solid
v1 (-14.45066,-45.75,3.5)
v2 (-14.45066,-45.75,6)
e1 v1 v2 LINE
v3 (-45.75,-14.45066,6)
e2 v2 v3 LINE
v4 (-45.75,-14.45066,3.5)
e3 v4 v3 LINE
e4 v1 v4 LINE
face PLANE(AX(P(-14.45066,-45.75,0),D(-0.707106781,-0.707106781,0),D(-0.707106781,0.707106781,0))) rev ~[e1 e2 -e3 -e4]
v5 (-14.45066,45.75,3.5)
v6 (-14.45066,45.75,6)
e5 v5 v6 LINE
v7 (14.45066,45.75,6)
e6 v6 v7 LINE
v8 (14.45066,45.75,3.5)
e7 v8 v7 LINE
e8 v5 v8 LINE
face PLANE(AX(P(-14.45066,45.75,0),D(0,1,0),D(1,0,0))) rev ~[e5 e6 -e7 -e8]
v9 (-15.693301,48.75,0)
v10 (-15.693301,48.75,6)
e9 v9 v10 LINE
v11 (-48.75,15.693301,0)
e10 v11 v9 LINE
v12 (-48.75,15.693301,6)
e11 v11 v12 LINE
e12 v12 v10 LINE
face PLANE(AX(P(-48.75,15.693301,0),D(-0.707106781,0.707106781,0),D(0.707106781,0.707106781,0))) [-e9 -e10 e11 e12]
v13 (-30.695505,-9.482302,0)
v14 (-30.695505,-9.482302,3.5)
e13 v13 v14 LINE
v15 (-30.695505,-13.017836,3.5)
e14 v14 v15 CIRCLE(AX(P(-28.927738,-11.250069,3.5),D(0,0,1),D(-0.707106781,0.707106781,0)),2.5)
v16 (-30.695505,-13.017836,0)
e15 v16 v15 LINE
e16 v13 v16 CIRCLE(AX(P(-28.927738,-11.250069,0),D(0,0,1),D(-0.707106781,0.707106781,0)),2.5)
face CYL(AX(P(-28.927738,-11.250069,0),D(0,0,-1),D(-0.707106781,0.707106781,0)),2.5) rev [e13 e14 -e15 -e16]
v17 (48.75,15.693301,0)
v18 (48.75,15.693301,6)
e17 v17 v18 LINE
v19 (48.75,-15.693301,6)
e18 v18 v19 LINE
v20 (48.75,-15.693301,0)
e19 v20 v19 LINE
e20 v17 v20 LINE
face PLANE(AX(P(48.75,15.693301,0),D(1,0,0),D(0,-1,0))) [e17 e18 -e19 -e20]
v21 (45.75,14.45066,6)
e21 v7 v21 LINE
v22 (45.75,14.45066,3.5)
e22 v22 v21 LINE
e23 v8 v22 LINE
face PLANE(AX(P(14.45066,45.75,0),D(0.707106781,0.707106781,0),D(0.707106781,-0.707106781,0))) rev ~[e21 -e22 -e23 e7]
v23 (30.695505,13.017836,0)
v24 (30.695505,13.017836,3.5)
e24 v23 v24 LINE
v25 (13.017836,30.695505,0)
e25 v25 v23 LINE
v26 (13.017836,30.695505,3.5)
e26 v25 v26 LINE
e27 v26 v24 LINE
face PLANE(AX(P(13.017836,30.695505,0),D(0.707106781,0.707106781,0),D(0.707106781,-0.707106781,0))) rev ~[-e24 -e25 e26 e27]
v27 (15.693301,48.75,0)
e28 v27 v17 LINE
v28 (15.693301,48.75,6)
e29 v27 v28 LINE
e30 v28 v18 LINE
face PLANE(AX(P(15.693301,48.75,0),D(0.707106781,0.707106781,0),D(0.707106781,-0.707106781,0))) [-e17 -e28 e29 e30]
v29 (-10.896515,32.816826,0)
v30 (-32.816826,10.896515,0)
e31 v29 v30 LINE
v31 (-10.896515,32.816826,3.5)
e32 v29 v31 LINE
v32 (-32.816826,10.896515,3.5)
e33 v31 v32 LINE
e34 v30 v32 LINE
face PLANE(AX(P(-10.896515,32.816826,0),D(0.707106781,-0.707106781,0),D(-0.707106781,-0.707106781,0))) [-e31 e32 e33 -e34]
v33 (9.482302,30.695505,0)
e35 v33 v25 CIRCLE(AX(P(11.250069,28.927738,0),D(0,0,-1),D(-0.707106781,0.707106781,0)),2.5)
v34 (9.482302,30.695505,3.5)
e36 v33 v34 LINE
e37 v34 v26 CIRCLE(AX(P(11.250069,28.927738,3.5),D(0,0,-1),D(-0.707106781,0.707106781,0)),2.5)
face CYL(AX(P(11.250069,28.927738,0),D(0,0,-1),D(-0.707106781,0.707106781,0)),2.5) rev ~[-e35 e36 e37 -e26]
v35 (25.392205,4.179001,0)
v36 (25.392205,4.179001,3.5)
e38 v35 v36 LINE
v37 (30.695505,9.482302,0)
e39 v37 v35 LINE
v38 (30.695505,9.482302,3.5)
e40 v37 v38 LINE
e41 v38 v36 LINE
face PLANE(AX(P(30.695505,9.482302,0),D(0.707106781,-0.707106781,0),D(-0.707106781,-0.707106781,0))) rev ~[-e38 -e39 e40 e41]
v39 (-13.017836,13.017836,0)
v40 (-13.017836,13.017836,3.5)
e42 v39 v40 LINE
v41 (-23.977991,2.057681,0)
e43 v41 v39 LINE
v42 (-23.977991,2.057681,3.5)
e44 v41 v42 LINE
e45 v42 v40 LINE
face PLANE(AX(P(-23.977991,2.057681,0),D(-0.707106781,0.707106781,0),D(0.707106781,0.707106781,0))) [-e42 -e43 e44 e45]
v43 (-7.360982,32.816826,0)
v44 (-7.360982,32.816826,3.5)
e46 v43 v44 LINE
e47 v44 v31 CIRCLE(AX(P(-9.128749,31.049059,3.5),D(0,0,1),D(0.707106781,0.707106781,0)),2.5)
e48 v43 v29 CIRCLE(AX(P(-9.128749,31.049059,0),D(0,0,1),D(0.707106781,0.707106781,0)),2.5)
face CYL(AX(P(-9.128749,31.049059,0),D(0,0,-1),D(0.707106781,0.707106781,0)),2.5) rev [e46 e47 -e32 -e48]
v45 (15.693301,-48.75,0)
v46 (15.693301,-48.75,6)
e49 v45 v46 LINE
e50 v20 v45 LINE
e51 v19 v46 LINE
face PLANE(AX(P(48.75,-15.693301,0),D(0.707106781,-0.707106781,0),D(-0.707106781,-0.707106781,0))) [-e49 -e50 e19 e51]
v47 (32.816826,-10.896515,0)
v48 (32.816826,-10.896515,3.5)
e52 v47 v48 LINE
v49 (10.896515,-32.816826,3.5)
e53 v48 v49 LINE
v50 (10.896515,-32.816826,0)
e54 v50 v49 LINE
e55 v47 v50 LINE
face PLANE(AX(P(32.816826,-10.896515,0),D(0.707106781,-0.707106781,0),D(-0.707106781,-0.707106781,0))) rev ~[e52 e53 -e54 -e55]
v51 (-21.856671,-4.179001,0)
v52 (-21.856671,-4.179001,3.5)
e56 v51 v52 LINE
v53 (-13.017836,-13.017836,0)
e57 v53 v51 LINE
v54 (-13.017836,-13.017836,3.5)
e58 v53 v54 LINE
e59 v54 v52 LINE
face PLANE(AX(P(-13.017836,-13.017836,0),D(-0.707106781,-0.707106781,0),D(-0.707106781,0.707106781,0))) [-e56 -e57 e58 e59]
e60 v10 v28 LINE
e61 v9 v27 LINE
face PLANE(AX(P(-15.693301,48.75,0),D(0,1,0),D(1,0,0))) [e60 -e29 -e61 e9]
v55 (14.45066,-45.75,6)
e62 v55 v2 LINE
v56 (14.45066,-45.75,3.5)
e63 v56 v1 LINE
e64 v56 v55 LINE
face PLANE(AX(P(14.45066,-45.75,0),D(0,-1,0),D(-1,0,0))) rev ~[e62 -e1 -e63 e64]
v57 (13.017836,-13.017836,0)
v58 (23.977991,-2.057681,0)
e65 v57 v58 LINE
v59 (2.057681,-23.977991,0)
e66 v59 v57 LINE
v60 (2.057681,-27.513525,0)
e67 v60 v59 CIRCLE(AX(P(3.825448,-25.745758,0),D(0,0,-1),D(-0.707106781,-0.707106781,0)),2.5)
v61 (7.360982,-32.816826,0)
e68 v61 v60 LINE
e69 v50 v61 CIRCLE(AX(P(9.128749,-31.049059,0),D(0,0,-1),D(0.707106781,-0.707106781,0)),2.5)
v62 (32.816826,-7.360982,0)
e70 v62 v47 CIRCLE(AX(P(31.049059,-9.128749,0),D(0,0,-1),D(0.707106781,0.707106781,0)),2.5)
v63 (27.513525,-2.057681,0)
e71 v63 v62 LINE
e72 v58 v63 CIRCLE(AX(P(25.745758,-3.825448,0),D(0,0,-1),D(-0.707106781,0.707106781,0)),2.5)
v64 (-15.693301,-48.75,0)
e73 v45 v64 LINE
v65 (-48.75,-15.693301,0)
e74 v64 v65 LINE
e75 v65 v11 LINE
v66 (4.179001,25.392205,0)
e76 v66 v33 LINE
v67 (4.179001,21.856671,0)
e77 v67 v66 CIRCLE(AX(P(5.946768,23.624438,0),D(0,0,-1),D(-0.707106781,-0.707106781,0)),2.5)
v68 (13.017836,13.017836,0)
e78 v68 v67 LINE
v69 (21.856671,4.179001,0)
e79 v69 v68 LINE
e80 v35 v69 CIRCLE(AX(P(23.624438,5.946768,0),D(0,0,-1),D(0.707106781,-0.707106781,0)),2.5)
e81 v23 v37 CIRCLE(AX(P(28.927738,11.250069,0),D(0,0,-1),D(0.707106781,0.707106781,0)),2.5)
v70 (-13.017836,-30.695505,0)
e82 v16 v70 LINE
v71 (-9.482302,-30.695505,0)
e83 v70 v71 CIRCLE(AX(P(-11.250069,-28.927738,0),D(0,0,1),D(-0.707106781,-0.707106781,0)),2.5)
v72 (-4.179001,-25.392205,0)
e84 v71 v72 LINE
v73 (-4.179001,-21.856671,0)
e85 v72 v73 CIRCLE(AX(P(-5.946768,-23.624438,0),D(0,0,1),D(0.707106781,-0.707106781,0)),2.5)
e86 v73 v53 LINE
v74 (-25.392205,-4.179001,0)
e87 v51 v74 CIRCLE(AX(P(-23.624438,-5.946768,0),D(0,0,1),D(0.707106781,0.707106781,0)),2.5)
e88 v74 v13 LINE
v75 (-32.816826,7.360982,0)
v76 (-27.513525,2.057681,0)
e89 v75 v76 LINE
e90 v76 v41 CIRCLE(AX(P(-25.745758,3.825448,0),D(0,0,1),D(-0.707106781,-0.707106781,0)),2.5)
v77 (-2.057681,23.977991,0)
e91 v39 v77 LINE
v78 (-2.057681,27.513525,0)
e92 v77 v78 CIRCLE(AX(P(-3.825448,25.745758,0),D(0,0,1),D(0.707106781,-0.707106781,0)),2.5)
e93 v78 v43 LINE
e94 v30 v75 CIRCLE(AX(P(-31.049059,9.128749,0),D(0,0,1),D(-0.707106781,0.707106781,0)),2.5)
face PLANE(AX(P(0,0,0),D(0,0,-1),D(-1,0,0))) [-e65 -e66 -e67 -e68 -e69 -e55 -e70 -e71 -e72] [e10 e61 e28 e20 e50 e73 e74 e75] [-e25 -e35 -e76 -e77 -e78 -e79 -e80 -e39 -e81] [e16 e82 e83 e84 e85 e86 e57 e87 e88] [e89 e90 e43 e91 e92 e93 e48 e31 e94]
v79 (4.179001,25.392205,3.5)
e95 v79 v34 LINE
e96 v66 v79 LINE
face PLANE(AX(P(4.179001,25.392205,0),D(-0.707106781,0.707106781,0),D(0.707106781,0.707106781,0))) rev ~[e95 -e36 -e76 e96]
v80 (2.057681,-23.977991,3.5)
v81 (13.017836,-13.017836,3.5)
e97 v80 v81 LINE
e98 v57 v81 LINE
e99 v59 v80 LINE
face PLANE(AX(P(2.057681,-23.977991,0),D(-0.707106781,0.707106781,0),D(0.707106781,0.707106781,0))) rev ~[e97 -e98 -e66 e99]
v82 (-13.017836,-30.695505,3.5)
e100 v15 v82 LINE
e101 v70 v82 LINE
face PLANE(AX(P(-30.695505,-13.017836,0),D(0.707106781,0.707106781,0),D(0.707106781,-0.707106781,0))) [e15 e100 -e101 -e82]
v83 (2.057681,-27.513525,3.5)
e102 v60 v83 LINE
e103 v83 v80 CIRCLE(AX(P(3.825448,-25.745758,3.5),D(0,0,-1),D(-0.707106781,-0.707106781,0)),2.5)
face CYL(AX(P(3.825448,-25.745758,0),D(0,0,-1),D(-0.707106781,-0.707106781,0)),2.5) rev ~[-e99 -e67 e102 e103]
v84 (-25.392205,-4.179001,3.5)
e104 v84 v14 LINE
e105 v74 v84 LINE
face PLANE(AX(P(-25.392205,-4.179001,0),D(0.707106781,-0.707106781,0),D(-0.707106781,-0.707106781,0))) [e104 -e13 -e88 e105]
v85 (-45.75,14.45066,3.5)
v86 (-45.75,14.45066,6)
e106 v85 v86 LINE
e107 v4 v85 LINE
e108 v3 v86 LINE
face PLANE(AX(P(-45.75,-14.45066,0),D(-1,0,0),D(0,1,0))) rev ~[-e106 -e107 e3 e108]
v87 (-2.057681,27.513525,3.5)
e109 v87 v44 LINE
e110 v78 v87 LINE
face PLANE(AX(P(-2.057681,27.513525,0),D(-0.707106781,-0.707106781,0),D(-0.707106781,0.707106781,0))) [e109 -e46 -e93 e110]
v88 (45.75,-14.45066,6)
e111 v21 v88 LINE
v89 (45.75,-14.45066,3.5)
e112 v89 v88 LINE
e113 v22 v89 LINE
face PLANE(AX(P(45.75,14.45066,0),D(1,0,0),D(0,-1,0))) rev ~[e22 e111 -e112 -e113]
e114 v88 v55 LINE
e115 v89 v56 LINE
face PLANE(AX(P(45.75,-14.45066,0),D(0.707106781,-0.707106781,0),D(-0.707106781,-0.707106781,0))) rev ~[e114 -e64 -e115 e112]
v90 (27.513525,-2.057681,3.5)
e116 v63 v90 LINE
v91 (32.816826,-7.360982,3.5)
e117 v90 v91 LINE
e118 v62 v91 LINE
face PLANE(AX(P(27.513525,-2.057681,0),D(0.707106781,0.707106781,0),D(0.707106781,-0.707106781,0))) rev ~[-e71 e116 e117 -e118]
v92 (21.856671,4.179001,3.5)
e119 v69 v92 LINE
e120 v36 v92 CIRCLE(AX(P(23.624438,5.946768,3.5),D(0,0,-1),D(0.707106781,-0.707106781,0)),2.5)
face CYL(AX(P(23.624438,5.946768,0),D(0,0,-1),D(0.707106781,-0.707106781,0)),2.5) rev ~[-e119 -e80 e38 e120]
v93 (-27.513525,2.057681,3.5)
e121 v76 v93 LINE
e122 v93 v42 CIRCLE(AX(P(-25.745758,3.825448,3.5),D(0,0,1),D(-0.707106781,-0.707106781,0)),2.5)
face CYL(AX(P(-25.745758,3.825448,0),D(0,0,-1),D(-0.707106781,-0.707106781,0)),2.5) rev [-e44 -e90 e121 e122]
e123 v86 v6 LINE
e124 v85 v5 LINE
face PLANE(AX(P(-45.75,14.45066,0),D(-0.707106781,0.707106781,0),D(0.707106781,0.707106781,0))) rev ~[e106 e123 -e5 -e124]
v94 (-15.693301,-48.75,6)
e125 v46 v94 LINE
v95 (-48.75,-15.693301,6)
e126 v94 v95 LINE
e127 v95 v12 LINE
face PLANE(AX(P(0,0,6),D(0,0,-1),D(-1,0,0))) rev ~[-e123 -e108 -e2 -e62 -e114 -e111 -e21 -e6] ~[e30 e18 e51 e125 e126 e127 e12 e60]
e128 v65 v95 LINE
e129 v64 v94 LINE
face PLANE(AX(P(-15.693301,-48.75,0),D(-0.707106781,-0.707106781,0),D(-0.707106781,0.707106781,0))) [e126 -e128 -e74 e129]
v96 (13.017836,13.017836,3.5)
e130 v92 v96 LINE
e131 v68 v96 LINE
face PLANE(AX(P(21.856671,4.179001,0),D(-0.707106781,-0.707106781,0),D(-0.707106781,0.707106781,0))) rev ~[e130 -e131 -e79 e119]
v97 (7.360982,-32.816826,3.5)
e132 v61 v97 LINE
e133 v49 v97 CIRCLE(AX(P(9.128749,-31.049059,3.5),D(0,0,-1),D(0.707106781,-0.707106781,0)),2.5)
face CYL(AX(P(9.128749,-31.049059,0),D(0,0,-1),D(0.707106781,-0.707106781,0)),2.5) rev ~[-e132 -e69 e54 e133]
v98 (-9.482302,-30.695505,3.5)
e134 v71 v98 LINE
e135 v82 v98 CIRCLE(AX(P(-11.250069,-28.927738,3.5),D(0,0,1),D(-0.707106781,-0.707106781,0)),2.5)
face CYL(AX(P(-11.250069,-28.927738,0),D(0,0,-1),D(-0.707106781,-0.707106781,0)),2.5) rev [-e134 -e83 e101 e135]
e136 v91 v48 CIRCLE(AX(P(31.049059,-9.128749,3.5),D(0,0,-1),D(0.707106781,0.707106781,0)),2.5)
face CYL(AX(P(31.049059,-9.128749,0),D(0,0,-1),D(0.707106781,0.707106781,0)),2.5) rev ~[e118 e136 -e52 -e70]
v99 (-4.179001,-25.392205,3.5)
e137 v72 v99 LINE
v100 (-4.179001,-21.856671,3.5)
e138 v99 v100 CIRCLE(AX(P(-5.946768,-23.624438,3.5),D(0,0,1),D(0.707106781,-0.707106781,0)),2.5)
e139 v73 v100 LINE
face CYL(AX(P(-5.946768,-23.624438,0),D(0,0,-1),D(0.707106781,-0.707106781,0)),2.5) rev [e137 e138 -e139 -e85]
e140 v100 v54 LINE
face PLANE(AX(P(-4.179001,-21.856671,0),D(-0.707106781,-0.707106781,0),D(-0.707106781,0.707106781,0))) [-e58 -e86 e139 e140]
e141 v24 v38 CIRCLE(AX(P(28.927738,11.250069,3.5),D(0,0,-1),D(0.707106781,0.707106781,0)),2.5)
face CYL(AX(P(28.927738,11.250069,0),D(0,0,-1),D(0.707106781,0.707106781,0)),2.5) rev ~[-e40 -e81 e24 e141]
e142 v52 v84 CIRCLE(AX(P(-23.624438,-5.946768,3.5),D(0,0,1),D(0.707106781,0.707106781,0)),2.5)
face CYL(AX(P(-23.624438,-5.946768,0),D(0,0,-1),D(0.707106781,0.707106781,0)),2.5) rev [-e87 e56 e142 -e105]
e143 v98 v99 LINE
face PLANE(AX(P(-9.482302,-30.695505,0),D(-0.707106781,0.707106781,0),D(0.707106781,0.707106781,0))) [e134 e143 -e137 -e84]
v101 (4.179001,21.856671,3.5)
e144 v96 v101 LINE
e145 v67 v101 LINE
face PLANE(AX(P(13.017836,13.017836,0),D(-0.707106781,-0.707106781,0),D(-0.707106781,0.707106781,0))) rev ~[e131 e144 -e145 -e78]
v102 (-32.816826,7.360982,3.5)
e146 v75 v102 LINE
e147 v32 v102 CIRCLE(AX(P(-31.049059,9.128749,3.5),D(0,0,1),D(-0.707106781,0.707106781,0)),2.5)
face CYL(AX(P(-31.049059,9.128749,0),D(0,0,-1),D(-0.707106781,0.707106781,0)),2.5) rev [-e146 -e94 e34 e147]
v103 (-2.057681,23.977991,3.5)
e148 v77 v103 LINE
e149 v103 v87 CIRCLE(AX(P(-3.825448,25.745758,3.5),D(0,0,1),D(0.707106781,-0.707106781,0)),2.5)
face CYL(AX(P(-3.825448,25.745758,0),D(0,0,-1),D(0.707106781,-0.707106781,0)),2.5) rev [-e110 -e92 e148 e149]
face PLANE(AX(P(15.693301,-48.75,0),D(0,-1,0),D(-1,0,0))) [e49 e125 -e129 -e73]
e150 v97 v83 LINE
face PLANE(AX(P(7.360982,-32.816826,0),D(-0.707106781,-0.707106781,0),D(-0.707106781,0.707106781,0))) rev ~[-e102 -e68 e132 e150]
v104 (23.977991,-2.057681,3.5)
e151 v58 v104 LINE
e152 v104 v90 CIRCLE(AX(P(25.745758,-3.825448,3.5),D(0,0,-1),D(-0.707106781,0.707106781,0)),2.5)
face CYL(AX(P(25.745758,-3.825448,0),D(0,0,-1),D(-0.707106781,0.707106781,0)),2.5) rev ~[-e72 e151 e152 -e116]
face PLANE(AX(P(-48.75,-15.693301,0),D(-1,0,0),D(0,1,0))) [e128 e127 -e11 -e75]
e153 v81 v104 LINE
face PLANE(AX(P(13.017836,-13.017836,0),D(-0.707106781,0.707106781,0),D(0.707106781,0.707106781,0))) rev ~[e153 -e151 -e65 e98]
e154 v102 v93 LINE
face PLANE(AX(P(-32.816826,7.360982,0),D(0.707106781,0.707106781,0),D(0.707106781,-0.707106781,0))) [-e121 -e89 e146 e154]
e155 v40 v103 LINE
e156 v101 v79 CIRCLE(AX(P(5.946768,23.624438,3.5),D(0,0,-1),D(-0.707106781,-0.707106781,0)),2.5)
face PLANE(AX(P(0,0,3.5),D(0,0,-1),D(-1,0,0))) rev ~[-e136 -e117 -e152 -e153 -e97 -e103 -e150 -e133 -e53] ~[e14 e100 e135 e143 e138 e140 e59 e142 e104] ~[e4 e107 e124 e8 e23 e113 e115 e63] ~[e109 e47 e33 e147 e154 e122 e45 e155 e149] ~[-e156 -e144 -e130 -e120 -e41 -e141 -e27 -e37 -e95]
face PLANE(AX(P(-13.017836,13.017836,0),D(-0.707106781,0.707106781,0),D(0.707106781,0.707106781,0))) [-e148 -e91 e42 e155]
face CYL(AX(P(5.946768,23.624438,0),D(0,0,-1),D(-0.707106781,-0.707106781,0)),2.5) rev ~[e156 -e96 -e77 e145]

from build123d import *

# Parameters (mm, degrees)
BOSS_EXTRU_1_DEPTH = 3.5
BOSS_EXTRU_2_DEPTH = 6


with BuildPart() as part:
    # Esquisse1 → Boss.-Extru.1 (new body)
    with BuildSketch(Plane.XY):
        Polygon((-45.75, 14.450660172), (-14.450660172, 45.75), (14.450660172, 45.75), (45.75, 14.450660172), (45.75, -14.450660172), (14.450660172, -45.75), (-14.450660172, -45.75), (-45.75, -14.450660172), align=None)
        with BuildLine():
            Line((-13.017835842, 13.017835842), (-2.057680733, 23.97799095))
            ThreePointArc((-2.057680733, 23.97799095), (-1.325447686, 25.745757903), (-2.057680733, 27.513524856))
            Line((-2.057680733, 27.513524856), (-7.360981592, 32.816825715))
            ThreePointArc((-7.360981592, 32.816825715), (-9.128748545, 33.549058762), (-10.896515498, 32.816825715))
            Line((-10.896515498, 32.816825715), (-32.816825715, 10.896515498))
            ThreePointArc((-32.816825715, 10.896515498), (-33.549058762, 9.128748545), (-32.816825715, 7.360981592))
            Line((-32.816825715, 7.360981592), (-27.513524856, 2.057680733))
            ThreePointArc((-27.513524856, 2.057680733), (-25.745757903, 1.325447686), (-23.97799095, 2.057680733))
            Line((-23.97799095, 2.057680733), (-13.017835842, 13.017835842))
        make_face(mode=Mode.SUBTRACT)
        with BuildLine():
            Line((-13.017835842, -13.017835842), (-21.856670606, -4.179001077))
            ThreePointArc((-21.856670606, -4.179001077), (-23.624437559, -3.44676803), (-25.392204512, -4.179001077))
            Line((-25.392204512, -4.179001077), (-30.695505371, -9.482301936))
            ThreePointArc((-30.695505371, -9.482301936), (-31.427738418, -11.250068889), (-30.695505371, -13.017835842))
            Line((-30.695505371, -13.017835842), (-13.017835842, -30.695505371))
            ThreePointArc((-13.017835842, -30.695505371), (-11.250068889, -31.427738418), (-9.482301936, -30.695505371))
            Line((-9.482301936, -30.695505371), (-4.179001077, -25.392204512))
            ThreePointArc((-4.179001077, -25.392204512), (-3.44676803, -23.624437559), (-4.179001077, -21.856670606))
            Line((-4.179001077, -21.856670606), (-13.017835842, -13.017835842))
        make_face(mode=Mode.SUBTRACT)
        with BuildLine():
            Line((27.513524856, -2.057680733), (32.816825715, -7.360981592))
            ThreePointArc((32.816825715, -7.360981592), (33.549058762, -9.128748545), (32.816825715, -10.896515498))
            Line((32.816825715, -10.896515498), (10.896515498, -32.816825715))
            ThreePointArc((10.896515498, -32.816825715), (9.128748545, -33.549058762), (7.360981592, -32.816825715))
            Line((7.360981592, -32.816825715), (2.057680733, -27.513524856))
            ThreePointArc((2.057680733, -27.513524856), (1.325447686, -25.745757903), (2.057680733, -23.97799095))
            Line((2.057680733, -23.97799095), (13.017835842, -13.017835842))
            Line((13.017835842, -13.017835842), (23.97799095, -2.057680733))
            ThreePointArc((23.97799095, -2.057680733), (25.745757903, -1.325447686), (27.513524856, -2.057680733))
        make_face(mode=Mode.SUBTRACT)
        with BuildLine():
            Line((4.179001077, 25.392204512), (9.482301936, 30.695505371))
            ThreePointArc((9.482301936, 30.695505371), (11.250068889, 31.427738418), (13.017835842, 30.695505371))
            Line((13.017835842, 30.695505371), (30.695505371, 13.017835842))
            ThreePointArc((30.695505371, 13.017835842), (31.427738418, 11.250068889), (30.695505371, 9.482301936))
            Line((30.695505371, 9.482301936), (25.392204512, 4.179001077))
            ThreePointArc((25.392204512, 4.179001077), (23.624437559, 3.44676803), (21.856670606, 4.179001077))
            Line((21.856670606, 4.179001077), (13.017835842, 13.017835842))
            Line((13.017835842, 13.017835842), (4.179001077, 21.856670606))
            ThreePointArc((4.179001077, 21.856670606), (3.44676803, 23.624437559), (4.179001077, 25.392204512))
        make_face(mode=Mode.SUBTRACT)
    extrude(amount=BOSS_EXTRU_1_DEPTH)

    # Esquisse2 → Boss.-Extru.2 (add)
    with BuildSketch(Plane.XY):
        Polygon((-48.75, -15.693300859), (-48.75, 15.693300859), (-15.693300859, 48.75), (15.693300859, 48.75), (48.75, 15.693300859), (48.75, -15.693300859), (15.693300859, -48.75), (-15.693300859, -48.75), align=None)
        Polygon((-45.75, 14.450660172), (-14.450660172, 45.75), (14.450660172, 45.75), (45.75, 14.450660172), (45.75, -14.450660172), (14.450660172, -45.75), (-14.450660172, -45.75), (-45.75, -14.450660172), align=None, mode=Mode.SUBTRACT)
    extrude(amount=BOSS_EXTRU_2_DEPTH)


solid = part.part
